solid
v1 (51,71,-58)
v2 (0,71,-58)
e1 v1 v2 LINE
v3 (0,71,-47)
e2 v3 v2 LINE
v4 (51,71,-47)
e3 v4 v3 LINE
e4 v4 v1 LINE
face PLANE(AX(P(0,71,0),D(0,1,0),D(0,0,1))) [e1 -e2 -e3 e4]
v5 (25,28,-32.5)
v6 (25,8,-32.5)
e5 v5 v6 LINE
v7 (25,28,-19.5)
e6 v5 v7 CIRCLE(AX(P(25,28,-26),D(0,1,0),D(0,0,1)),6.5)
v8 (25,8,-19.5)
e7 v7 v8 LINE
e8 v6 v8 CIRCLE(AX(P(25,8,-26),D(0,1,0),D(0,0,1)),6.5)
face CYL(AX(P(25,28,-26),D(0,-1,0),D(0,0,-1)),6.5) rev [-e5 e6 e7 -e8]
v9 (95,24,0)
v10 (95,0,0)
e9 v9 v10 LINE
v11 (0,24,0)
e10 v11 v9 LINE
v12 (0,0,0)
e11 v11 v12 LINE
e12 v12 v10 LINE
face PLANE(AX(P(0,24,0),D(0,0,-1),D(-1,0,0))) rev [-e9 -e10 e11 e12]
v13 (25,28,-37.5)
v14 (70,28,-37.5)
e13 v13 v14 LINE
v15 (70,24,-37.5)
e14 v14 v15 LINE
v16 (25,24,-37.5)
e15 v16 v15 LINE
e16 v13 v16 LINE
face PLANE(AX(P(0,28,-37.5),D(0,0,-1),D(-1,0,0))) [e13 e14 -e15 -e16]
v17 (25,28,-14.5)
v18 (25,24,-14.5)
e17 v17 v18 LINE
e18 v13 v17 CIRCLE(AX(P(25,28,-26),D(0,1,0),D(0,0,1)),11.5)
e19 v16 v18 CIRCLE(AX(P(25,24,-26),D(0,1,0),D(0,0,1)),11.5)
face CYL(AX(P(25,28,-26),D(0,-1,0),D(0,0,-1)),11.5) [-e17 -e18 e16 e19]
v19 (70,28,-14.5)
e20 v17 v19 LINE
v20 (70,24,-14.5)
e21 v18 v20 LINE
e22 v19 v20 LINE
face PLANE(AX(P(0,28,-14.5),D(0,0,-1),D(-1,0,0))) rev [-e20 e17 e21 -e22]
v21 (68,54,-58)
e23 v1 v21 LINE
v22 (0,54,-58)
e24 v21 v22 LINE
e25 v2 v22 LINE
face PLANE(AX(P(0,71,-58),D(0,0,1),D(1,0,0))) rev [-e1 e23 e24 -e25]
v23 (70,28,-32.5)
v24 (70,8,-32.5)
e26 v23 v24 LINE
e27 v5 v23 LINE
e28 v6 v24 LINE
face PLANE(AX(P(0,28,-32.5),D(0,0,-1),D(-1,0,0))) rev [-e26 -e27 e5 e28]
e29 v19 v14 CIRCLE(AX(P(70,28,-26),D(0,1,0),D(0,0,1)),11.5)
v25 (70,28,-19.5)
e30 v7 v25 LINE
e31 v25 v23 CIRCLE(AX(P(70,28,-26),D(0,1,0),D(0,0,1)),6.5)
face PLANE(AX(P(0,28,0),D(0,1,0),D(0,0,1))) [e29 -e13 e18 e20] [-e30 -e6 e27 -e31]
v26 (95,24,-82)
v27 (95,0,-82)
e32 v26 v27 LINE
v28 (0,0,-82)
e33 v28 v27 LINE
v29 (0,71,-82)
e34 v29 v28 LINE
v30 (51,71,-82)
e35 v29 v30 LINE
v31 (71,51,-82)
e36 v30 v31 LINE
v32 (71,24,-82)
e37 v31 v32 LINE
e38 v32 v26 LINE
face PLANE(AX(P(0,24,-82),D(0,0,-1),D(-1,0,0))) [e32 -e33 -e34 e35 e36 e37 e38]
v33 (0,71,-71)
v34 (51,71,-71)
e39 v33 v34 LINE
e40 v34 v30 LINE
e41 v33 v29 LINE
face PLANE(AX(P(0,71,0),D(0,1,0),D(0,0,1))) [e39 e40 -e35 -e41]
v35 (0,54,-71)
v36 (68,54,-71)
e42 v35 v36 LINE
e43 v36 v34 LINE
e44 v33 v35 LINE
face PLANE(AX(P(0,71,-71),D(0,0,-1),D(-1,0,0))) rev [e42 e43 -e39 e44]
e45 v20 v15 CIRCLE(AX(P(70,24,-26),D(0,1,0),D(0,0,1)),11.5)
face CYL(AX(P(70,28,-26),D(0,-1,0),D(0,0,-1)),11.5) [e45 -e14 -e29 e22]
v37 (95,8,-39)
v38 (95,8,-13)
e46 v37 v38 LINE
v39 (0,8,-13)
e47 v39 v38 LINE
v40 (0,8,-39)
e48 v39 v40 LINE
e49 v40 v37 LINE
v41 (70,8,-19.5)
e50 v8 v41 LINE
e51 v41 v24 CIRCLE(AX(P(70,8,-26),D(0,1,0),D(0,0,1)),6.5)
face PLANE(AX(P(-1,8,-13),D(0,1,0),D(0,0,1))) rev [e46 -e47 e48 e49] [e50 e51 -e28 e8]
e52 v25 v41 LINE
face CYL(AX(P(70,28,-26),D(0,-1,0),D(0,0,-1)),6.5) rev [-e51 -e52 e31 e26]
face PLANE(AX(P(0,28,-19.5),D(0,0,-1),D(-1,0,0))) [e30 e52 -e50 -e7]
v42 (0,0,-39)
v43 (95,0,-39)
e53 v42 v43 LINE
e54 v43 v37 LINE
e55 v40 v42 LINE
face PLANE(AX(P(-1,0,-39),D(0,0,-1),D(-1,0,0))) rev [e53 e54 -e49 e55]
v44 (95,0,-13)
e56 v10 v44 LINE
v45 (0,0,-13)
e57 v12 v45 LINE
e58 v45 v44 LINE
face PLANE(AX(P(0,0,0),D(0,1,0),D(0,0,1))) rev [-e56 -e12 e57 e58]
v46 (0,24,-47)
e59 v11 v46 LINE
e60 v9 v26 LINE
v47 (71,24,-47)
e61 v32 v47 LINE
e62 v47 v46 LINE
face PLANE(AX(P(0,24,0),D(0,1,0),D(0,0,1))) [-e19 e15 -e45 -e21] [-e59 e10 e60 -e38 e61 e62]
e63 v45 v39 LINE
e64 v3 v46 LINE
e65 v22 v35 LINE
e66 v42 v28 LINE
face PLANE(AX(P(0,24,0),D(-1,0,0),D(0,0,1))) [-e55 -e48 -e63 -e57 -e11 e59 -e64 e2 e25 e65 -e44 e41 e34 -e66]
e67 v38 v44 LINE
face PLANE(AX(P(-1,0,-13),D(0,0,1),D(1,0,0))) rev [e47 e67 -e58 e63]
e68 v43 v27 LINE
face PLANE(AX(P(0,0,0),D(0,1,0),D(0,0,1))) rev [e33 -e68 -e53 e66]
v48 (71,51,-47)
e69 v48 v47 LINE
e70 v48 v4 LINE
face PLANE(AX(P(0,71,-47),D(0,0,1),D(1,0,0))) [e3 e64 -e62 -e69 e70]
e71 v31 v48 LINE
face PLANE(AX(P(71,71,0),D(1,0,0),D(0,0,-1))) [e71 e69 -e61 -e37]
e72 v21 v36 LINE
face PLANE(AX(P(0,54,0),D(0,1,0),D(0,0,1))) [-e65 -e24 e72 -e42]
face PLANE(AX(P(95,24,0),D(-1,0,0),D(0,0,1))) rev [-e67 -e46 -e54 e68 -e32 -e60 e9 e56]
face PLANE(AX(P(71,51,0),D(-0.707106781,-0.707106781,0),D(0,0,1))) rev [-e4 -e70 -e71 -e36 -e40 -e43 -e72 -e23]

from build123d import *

# Parameters (mm, degrees)
BOSS_EXTRUDE1_DEPTH = 24
BOSS_EXTRUDE2_DEPTH = 28
SKETCH1_4_W         = 71
SKETCH1_4_H         = 11
BOSS_EXTRUDE3_DEPTH = 71
SKETCH1_5_W         = 71
SKETCH1_5_H         = 13
BOSS_EXTRUDE4_DEPTH = 54
SKETCH2_W           = 26
SKETCH2_H           = 8
CUT_EXTRUDE1_DEPTH  = 96
CHAMFER1_SIZE       = 20


with BuildPart() as part:
    # Sketch1 → Boss-Extrude1 (new body)
    with BuildSketch(Plane(origin=(0, 0, 0), x_dir=(1, 0, 0), z_dir=(0, 1, 0))):
        Polygon((0, 47), (0, 0), (95, 0), (95, 82), (71, 82), (71, 71), (71, 58), (71, 47), align=None)
        with BuildLine():
            ThreePointArc((25, 14.5), (13.5, 26), (25, 37.5))
            Line((25, 37.5), (70, 37.5))
            ThreePointArc((70, 37.5), (81.5, 26), (70, 14.5))
            Line((70, 14.5), (25, 14.5))
        make_face(mode=Mode.SUBTRACT)
    extrude(amount=BOSS_EXTRUDE1_DEPTH)

    # Sketch1<3> → Boss-Extrude2 (add)
    with BuildSketch(Plane(origin=(0, 0, 0), x_dir=(1, 0, 0), z_dir=(0, 1, 0))):
        with BuildLine():
            Line((70, 37.5), (25, 37.5))
            ThreePointArc((25, 37.5), (13.5, 26), (25, 14.5))
            Line((25, 14.5), (70, 14.5))
            ThreePointArc((70, 14.5), (81.5, 26), (70, 37.5))
        make_face()
        with BuildLine():
            ThreePointArc((25, 19.5), (18.5, 26), (25, 32.5))
            Line((25, 32.5), (70, 32.5))
            ThreePointArc((70, 32.5), (76.5, 26), (70, 19.5))
            Line((70, 19.5), (25, 19.5))
        make_face(mode=Mode.SUBTRACT)
    extrude(amount=BOSS_EXTRUDE2_DEPTH)

    # Sketch1<4> → Boss-Extrude3 (add)
    with BuildSketch(Plane(origin=(0, 0, 0), x_dir=(1, 0, 0), z_dir=(0, 1, 0))):
        with Locations((35.5, 52.5)):
            Rectangle(SKETCH1_4_W, SKETCH1_4_H)
        with Locations((35.5, 76.5)):
            Rectangle(SKETCH1_4_W, SKETCH1_4_H)
    extrude(amount=BOSS_EXTRUDE3_DEPTH)

    # Sketch1<5> → Boss-Extrude4 (add)
    with BuildSketch(Plane(origin=(0, 0, 0), x_dir=(1, 0, 0), z_dir=(0, 1, 0))):
        with Locations((35.5, 64.5)):
            Rectangle(SKETCH1_5_W, SKETCH1_5_H)
    extrude(amount=BOSS_EXTRUDE4_DEPTH)

    # Sketch2 → Cut-Extrude1 (cut)
    with BuildSketch(Plane(origin=(95, 0, 0), x_dir=(0, 0, -1), z_dir=(1, 0, 0))):
        with Locations((26, 4)):
            Rectangle(SKETCH2_W, SKETCH2_H)
    extrude(amount=-CUT_EXTRUDE1_DEPTH, mode=Mode.SUBTRACT)

    # Chamfer1
    chamfer1_edges = [part.edges().sort_by_distance(p)[0] for p in [
        (71, 71, -76.5),
    ]]
    chamfer(chamfer1_edges, length=CHAMFER1_SIZE)


solid = part.part
